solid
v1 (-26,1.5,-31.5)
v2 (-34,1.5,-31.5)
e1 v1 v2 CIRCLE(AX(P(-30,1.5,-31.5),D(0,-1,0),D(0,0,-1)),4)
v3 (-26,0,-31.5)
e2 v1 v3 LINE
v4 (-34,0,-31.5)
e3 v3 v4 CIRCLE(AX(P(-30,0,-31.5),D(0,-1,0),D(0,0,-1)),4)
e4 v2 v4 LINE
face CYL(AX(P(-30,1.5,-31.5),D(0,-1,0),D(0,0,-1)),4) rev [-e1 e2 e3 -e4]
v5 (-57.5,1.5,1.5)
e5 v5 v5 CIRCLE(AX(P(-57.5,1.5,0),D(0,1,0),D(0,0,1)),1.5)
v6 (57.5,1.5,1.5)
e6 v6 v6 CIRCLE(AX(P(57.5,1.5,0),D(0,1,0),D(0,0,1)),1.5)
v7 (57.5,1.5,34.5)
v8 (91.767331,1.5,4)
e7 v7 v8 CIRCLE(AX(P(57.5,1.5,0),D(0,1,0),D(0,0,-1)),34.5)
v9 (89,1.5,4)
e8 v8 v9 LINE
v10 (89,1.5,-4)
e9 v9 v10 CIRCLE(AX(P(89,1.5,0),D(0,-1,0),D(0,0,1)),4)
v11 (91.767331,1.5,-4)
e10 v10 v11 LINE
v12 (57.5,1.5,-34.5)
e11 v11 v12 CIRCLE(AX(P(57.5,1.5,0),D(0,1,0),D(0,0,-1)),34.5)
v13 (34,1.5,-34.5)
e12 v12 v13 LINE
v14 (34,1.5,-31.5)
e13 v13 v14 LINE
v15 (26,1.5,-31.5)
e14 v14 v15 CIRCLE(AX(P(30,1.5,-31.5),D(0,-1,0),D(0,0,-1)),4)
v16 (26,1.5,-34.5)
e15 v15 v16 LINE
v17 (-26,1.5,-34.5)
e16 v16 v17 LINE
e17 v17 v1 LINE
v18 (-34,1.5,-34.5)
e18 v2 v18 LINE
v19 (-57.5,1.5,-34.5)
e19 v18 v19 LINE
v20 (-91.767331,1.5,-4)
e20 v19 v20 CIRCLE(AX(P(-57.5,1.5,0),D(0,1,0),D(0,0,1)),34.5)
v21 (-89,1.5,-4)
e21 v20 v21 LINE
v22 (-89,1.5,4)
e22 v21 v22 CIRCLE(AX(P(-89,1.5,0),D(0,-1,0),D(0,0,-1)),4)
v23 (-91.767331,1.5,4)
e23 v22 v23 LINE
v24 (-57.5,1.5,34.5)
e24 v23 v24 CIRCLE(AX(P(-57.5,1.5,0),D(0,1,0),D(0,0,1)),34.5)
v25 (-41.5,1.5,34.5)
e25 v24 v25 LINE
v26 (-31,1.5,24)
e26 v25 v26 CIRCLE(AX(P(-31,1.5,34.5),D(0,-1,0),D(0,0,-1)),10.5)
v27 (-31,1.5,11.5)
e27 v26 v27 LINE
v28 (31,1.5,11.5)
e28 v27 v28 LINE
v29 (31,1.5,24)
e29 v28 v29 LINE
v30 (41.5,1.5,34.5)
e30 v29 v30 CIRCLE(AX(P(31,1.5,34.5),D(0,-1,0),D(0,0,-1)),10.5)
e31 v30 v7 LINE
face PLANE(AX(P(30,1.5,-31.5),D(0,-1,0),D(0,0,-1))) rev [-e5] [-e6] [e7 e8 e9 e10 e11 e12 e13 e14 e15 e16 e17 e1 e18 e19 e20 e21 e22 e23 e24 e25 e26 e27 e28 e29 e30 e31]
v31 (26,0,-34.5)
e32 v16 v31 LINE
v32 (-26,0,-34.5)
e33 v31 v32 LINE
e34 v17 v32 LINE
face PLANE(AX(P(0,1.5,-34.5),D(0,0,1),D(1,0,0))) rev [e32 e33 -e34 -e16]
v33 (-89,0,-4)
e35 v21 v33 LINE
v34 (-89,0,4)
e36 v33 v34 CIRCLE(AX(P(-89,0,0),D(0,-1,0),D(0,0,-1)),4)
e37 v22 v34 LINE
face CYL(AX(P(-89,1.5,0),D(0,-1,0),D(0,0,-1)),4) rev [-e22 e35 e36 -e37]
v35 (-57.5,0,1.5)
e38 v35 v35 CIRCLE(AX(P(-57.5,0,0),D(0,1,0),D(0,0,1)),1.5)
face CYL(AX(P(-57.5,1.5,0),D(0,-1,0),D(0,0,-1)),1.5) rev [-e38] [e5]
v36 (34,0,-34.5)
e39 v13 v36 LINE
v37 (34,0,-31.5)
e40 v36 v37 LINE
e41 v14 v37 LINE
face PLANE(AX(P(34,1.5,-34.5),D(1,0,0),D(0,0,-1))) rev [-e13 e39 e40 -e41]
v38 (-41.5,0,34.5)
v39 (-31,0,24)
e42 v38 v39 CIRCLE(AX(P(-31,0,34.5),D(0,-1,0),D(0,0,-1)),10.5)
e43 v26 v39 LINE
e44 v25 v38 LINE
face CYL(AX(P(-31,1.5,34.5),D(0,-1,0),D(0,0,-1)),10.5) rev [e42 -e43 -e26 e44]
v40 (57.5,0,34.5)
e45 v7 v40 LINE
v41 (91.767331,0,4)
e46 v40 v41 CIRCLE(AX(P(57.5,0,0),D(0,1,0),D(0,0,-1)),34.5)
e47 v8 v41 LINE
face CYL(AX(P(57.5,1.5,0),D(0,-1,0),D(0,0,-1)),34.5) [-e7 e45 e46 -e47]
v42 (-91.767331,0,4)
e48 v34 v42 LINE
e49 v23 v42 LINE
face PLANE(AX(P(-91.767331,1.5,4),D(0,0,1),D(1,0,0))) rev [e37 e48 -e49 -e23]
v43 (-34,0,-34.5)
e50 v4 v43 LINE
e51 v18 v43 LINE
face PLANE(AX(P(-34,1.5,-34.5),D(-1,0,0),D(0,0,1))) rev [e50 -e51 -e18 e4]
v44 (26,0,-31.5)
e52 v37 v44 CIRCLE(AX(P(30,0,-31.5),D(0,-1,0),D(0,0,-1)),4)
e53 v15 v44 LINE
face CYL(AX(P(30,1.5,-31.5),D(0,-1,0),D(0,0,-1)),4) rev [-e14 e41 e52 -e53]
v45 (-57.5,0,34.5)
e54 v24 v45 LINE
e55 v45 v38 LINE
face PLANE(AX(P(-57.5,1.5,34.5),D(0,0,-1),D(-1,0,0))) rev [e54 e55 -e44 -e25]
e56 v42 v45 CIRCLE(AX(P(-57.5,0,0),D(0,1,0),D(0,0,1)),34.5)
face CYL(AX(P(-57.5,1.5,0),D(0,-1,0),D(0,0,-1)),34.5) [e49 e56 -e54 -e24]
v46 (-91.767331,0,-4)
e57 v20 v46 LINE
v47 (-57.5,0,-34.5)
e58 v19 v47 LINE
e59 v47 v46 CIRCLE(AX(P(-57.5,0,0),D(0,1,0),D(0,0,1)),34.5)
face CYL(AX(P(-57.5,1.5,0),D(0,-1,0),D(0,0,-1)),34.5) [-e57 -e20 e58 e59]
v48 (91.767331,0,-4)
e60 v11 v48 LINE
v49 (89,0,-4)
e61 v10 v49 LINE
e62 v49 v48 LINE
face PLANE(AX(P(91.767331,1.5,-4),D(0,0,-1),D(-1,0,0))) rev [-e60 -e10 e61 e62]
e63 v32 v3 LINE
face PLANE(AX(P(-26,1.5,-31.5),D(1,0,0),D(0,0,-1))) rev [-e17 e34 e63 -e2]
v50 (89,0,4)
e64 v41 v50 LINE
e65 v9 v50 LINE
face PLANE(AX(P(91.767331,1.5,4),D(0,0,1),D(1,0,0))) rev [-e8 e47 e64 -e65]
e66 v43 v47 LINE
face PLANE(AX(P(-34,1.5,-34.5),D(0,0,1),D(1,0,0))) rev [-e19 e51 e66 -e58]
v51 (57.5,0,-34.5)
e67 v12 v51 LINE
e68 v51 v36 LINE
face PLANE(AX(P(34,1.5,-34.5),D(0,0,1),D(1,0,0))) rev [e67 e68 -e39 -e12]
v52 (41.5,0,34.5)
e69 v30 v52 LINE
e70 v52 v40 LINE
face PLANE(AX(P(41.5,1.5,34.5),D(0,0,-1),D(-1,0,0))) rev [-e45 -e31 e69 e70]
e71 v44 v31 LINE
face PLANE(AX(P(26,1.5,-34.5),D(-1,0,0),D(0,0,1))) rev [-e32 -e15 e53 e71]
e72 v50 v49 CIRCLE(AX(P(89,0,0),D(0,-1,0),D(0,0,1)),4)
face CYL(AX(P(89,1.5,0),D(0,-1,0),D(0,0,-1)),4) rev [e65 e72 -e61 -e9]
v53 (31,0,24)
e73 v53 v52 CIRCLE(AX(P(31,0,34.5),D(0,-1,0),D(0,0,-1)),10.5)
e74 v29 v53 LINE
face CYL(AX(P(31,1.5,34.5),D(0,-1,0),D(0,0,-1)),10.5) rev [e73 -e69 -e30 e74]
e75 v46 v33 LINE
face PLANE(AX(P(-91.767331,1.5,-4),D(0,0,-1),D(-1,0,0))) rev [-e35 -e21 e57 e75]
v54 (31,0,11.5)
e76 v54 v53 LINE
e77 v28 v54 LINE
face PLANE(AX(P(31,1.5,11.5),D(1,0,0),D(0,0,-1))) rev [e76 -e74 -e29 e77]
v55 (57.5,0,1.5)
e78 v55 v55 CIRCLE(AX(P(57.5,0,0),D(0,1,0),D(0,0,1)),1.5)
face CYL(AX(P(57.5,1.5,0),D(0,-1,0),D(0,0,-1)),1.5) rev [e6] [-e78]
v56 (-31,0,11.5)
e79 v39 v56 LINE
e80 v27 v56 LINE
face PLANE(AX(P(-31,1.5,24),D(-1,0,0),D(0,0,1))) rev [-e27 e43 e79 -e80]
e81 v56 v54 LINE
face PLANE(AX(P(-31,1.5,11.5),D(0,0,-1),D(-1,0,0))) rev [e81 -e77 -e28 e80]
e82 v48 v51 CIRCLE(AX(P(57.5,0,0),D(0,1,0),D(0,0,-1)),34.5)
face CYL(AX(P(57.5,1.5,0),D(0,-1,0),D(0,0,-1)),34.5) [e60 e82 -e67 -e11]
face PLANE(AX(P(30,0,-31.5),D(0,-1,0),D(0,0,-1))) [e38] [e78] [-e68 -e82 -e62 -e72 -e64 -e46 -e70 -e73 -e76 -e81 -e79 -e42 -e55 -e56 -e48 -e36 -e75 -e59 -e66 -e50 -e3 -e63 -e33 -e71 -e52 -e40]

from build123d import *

# Parameters (mm, degrees)
SKETCH1_R   = 1.5
BOARD_DEPTH = 1.5


with BuildPart() as part:
    # Sketch1 → board (new body)
    with BuildSketch(Plane(origin=(0, 0, 0), x_dir=(1, 0, 0), z_dir=(0, 1, 0))):
        with BuildLine():
            Line((0, 34.5), (-26, 34.5))
            Line((-26, 34.5), (-26, 31.5))
            ThreePointArc((-26, 31.5), (-30, 27.5), (-34, 31.5))
            Line((-34, 31.5), (-34, 34.5))
            Line((-34, 34.5), (-57.5, 34.5))
            ThreePointArc((-57.5, 34.5), (-80.43741485, 25.77062281), (-91.767331381, 4))
            Line((-91.767331381, 4), (-89, 4))
            ThreePointArc((-89, 4), (-85, 0), (-89, -4))
            Line((-89, -4), (-91.767331381, -4))
            ThreePointArc((-91.767331381, -4), (-80.43741485, -25.77062281), (-57.5, -34.5))
            Line((-57.5, -34.5), (-41.5, -34.5))
            ThreePointArc((-41.5, -34.5), (-38.424621202, -27.075378798), (-31, -24))
            Line((-31, -24), (-31, -11.5))
            Line((-31, -11.5), (31, -11.5))
            Line((31, -11.5), (31, -24))
            ThreePointArc((31, -24), (38.424621202, -27.075378798), (41.5, -34.5))
            Line((41.5, -34.5), (57.5, -34.5))
            ThreePointArc((57.5, -34.5), (80.43741485, -25.77062281), (91.767331381, -4))
            Line((91.767331381, -4), (89, -4))
            ThreePointArc((89, -4), (85, 0), (89, 4))
            Line((89, 4), (91.767331381, 4))
            ThreePointArc((91.767331381, 4), (80.43741485, 25.77062281), (57.5, 34.5))
            Line((57.5, 34.5), (34, 34.5))
            Line((34, 34.5), (34, 31.5))
            ThreePointArc((34, 31.5), (30, 27.5), (26, 31.5))
            Line((26, 31.5), (26, 34.5))
            Line((26, 34.5), (0, 34.5))
        make_face()
        with Locations(Location((-57.5, 0, 0), (0, 0, 270))):
            Circle(SKETCH1_R, mode=Mode.SUBTRACT)
        with Locations(Location((57.5, 0, 0), (0, 0, 270))):
            Circle(SKETCH1_R, mode=Mode.SUBTRACT)
    extrude(amount=BOARD_DEPTH)


solid = part.part
